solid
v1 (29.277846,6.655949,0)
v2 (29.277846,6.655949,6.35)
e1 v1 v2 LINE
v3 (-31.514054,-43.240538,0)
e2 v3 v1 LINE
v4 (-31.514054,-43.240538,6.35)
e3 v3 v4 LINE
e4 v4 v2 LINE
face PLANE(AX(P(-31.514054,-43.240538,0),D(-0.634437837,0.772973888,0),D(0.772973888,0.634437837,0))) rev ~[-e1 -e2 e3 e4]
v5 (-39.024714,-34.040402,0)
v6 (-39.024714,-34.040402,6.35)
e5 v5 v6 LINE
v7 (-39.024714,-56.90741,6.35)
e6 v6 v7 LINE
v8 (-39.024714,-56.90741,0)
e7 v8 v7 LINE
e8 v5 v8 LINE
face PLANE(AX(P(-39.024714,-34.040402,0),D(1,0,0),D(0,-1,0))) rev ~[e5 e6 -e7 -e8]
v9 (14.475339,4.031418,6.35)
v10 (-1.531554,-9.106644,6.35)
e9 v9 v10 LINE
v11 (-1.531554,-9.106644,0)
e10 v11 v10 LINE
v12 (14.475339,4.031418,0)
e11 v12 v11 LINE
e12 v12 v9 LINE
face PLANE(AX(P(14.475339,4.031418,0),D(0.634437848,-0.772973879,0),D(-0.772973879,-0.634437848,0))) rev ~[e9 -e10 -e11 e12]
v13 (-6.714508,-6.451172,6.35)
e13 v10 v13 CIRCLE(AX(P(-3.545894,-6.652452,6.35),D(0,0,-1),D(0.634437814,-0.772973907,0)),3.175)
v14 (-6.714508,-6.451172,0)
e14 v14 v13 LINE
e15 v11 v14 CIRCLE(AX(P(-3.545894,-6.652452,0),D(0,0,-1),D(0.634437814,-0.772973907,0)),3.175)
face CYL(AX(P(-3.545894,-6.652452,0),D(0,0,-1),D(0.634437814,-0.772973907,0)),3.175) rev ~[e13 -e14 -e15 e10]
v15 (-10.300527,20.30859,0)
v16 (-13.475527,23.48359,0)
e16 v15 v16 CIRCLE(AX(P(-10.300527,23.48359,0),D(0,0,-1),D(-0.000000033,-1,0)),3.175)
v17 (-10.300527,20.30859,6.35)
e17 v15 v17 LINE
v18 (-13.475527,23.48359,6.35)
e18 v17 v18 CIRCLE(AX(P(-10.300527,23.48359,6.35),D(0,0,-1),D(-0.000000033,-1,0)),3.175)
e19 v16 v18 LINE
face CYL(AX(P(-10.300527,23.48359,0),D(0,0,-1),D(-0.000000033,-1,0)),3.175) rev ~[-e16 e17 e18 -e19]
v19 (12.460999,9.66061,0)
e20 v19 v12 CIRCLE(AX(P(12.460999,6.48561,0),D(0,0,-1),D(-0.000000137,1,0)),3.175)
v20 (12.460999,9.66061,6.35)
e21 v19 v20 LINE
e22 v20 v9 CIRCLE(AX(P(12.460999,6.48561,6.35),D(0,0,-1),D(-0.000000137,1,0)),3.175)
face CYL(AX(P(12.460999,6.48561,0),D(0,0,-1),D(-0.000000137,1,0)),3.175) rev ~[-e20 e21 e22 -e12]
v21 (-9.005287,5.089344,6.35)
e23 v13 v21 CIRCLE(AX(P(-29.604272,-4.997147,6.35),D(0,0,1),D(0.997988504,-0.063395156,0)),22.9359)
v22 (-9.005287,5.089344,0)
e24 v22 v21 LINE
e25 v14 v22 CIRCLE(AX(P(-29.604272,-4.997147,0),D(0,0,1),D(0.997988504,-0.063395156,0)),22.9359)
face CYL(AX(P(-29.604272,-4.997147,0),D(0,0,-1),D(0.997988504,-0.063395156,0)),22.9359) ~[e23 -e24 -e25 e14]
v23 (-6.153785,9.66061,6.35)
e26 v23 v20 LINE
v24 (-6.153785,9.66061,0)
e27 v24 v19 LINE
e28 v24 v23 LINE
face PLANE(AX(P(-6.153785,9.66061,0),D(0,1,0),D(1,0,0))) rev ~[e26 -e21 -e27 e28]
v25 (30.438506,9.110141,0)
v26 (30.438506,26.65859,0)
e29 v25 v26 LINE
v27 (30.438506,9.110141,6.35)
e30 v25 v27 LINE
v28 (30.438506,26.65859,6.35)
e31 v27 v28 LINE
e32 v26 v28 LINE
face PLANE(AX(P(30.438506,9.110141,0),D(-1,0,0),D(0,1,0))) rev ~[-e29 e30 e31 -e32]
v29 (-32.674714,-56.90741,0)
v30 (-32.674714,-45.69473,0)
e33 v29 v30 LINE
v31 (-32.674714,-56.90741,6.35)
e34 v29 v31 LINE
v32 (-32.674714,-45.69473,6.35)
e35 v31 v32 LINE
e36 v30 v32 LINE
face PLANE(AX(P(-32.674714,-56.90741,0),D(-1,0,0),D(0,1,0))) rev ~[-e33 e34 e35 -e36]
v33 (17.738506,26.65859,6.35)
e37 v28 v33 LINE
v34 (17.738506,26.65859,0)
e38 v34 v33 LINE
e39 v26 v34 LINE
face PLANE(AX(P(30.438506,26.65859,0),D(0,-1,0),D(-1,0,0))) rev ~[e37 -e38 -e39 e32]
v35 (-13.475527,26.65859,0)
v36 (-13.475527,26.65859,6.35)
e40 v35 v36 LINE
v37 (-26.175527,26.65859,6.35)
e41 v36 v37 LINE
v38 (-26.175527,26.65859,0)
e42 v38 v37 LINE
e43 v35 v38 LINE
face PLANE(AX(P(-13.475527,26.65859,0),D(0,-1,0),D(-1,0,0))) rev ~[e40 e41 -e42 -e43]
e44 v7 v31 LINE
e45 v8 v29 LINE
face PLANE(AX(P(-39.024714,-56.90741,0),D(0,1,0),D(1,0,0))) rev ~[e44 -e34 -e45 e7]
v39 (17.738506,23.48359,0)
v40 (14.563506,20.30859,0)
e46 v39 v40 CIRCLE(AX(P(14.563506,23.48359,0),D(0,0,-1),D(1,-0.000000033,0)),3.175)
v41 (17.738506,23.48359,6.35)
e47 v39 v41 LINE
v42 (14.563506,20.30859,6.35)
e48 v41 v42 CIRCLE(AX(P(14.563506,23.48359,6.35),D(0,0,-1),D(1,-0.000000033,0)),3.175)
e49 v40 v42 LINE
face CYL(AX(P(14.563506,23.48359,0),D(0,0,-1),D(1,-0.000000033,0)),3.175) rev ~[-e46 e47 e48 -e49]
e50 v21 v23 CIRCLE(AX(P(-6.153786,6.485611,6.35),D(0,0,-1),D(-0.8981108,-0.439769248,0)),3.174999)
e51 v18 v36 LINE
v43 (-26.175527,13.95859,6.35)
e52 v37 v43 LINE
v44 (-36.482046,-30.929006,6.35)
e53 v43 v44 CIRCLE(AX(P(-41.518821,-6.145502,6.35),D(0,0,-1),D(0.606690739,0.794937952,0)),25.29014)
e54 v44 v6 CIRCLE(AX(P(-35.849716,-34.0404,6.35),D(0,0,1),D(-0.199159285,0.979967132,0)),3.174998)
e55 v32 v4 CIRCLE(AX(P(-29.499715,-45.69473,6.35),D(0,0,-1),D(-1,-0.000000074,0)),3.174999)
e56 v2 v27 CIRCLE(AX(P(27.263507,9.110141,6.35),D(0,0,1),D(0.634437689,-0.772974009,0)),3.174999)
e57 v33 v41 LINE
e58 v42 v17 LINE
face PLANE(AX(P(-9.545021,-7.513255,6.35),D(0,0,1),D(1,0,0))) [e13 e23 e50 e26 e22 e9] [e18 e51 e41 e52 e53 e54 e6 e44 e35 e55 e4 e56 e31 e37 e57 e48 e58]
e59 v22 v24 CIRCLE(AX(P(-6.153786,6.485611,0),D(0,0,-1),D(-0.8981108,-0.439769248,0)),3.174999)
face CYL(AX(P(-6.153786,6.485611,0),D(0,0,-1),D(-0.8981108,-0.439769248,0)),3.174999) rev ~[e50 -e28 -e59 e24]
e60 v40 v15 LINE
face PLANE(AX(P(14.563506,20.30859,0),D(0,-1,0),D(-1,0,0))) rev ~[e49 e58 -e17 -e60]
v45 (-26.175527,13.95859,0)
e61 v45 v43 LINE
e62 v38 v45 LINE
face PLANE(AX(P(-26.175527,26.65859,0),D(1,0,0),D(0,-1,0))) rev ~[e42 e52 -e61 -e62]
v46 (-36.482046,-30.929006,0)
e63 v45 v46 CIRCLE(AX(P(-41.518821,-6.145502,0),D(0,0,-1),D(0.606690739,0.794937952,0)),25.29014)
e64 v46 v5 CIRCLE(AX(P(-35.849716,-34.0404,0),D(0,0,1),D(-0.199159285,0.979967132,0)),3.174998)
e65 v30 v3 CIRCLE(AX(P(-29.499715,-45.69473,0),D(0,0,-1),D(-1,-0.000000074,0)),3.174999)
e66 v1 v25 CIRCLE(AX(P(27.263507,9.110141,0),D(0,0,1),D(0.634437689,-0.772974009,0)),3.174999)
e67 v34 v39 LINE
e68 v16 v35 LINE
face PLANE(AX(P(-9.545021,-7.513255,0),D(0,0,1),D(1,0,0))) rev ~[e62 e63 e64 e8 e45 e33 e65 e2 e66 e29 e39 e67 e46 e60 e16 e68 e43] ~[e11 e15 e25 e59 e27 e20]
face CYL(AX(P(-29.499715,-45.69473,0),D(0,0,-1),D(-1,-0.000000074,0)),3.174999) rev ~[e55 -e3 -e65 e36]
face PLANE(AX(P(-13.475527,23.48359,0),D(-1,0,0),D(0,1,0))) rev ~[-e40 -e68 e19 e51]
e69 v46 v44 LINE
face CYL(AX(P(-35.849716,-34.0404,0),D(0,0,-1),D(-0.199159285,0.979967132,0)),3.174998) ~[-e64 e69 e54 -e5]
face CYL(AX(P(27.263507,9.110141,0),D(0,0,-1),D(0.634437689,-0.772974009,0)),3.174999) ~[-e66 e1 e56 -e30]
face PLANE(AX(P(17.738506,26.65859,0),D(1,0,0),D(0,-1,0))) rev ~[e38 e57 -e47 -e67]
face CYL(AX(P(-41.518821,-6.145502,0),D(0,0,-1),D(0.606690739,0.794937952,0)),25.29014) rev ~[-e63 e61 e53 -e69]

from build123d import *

# Parameters (mm, degrees)
F1_DEPTH = 6.35


with BuildPart() as f1:
    # F0 (on Top) → F1 (new body)
    with BuildSketch(Plane.XY):
        with BuildLine():
            Line((-13.475527, 26.65859), (-26.175527, 26.65859))
            Line((-26.175527, 26.65859), (-26.175527, 13.95859))
            ThreePointArc((-26.175527, 13.95859), (-16.870071, -11.805035), (-36.482046, -30.929006))
            ThreePointArc((-36.482046, -30.929006), (-38.308198, -32.031301), (-39.024714, -34.040402))
            Line((-39.024714, -34.040402), (-39.024714, -44.193178))
            Line((-39.024714, -44.193178), (-39.024714, -56.90741))
            Line((-39.024714, -56.90741), (-32.674714, -56.90741))
            Line((-32.674714, -56.90741), (-32.674714, -45.69473))
            ThreePointArc((-32.674714, -45.69473), (-32.369919, -44.337325), (-31.514054, -43.240538))
            Line((-31.514054, -43.240538), (29.277846, 6.655949))
            ThreePointArc((29.277846, 6.655949), (30.133711, 7.752736), (30.438506, 9.110141))
            Line((30.438506, 9.110141), (30.438506, 26.65859))
            Line((30.438506, 26.65859), (17.738506, 26.65859))
            Line((17.738506, 26.65859), (17.738506, 23.48359))
            ThreePointArc((17.738506, 23.48359), (16.80857, 21.238526), (14.563506, 20.30859))
            Line((14.563506, 20.30859), (-10.300527, 20.30859))
            ThreePointArc((-10.300527, 20.30859), (-12.545591, 21.238526), (-13.475527, 23.48359))
            Line((-13.475527, 23.48359), (-13.475527, 26.65859))
        make_face()
        with BuildLine():
            ThreePointArc((-1.531554, -9.106644), (-4.993641, -9.478165), (-6.714508, -6.451172))
            ThreePointArc((-6.714508, -6.451172), (-7.107301, -0.531525), (-9.005287, 5.089344))
            ThreePointArc((-9.005287, 5.089344), (-8.847646, 8.166009), (-6.153785, 9.66061))
            Line((-6.153785, 9.66061), (12.460999, 9.66061))
            ThreePointArc((12.460999, 9.66061), (15.450371, 7.555321), (14.475339, 4.031418))
            Line((14.475339, 4.031418), (-1.531554, -9.106644))
        make_face(mode=Mode.SUBTRACT)
    extrude(amount=F1_DEPTH)


solid = f1.part
